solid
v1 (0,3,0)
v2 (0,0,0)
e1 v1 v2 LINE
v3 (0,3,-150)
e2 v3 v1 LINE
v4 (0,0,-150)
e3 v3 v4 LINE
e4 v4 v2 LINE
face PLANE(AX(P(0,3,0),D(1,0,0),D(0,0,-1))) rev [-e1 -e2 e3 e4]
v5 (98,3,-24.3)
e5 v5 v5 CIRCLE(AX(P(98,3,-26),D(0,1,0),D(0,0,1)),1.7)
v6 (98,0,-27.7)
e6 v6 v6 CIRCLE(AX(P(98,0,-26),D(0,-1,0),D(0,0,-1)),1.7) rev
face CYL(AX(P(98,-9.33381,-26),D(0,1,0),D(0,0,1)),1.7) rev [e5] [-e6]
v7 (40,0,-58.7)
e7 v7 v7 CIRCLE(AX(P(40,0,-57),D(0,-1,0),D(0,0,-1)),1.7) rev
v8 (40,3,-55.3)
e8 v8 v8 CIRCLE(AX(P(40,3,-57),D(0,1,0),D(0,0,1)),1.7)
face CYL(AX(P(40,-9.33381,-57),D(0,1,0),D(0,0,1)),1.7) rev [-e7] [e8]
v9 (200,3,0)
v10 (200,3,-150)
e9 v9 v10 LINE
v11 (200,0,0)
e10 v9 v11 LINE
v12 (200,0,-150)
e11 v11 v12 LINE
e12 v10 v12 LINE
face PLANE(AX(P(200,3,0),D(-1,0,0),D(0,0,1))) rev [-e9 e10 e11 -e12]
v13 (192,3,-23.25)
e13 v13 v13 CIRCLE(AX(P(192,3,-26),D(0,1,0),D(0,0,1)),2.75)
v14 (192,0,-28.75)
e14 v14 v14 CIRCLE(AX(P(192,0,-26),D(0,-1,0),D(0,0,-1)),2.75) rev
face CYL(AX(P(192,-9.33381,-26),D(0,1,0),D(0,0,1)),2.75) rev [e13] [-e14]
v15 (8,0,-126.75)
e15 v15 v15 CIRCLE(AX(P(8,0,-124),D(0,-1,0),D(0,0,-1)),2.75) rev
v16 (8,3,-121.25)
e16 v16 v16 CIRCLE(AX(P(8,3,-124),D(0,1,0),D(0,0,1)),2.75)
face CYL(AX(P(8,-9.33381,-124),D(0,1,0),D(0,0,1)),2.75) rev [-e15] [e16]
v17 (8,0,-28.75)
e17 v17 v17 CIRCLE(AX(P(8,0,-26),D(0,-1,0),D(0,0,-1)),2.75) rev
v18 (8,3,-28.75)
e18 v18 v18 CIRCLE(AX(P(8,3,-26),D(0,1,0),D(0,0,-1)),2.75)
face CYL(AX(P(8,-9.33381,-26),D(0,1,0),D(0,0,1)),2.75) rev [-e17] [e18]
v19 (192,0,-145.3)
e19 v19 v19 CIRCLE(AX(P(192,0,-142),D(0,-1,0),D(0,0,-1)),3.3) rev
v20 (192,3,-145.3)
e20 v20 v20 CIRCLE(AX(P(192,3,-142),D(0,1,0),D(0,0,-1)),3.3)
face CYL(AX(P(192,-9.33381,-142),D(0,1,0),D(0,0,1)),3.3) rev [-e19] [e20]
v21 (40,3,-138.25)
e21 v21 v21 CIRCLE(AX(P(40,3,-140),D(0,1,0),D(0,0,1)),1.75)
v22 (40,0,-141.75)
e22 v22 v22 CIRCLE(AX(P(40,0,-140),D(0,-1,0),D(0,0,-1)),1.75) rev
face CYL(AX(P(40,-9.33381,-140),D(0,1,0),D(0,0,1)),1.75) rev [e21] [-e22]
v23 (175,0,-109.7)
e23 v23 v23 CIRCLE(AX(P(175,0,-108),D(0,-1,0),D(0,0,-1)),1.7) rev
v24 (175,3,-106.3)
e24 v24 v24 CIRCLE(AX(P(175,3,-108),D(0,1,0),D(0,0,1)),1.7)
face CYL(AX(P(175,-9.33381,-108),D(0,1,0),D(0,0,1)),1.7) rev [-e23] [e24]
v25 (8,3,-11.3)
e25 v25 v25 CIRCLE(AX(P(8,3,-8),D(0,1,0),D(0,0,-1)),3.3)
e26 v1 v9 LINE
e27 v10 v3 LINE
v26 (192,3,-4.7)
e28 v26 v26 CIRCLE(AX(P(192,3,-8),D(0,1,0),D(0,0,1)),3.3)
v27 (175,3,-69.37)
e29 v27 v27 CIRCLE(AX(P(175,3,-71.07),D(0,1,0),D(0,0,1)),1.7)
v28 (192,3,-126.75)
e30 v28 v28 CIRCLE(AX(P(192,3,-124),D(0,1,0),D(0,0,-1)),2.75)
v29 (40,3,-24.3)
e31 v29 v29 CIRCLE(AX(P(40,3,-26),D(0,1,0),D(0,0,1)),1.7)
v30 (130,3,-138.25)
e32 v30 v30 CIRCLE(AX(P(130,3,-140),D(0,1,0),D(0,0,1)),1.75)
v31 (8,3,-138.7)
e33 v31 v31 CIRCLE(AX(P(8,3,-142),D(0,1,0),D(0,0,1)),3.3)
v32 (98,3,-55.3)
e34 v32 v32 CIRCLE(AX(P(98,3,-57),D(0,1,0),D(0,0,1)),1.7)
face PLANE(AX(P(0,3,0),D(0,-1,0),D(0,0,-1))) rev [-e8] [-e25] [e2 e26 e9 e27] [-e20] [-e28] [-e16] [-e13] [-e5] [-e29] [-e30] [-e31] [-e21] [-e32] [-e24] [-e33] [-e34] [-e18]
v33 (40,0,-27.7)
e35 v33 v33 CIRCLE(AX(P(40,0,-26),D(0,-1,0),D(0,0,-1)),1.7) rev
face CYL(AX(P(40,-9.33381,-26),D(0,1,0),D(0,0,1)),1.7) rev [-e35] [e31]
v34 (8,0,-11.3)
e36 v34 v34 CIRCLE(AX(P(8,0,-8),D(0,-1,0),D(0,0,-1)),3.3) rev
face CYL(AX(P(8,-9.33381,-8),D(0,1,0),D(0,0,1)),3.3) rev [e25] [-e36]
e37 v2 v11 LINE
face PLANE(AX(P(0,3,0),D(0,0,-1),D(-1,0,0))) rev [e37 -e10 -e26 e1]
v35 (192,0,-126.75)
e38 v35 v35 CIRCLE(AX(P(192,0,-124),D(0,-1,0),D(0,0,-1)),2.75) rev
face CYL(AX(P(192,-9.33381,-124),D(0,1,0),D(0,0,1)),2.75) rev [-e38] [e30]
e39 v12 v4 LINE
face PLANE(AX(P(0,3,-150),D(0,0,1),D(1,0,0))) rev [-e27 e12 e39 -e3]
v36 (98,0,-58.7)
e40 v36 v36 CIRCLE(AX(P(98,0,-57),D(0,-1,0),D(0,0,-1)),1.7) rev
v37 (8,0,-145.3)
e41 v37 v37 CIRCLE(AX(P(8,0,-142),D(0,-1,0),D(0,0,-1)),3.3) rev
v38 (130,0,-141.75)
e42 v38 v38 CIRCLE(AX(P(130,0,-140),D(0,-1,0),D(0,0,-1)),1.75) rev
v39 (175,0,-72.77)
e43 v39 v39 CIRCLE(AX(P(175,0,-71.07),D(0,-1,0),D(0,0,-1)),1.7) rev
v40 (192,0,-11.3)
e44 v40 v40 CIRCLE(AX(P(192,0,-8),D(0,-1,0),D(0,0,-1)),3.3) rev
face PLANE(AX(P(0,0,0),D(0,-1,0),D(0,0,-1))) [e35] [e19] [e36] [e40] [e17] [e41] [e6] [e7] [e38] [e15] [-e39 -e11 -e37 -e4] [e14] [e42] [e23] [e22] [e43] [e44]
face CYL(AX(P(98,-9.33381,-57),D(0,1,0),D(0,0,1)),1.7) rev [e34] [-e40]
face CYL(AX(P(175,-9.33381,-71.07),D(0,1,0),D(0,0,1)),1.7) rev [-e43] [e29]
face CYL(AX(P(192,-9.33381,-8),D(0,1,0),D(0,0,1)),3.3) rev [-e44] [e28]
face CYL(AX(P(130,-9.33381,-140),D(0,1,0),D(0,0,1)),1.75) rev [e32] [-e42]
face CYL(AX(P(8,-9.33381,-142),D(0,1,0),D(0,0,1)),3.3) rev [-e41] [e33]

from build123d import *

# Parameters (mm, degrees)
SKETCH1_W           = 200
SKETCH1_H           = 150
BOSS_EXTRUDE1_DEPTH = 3
SKETCH2_R           = 3.3
SKETCH2_R_2         = 1.7
SKETCH2_R_3         = 2.75
SKETCH2_R_4         = 1.75
CUT_EXTRUDE1_DEPTH  = 3


with BuildPart() as part:
    # Sketch1 → Boss-Extrude1 (new body)
    with BuildSketch(Plane(origin=(0, 0, 0), x_dir=(1, 0, 0), z_dir=(0, 1, 0))):
        with Locations((100, 75)):
            Rectangle(SKETCH1_W, SKETCH1_H)
    extrude(amount=BOSS_EXTRUDE1_DEPTH)

    # Sketch2 → Cut-Extrude1 (cut)
    with BuildSketch(Plane(origin=(0, 3, 0), x_dir=(1, 0, 0), z_dir=(0, 1, 0))):
        with Locations(Location((8, 142, 0), (0, 0, 270))):
            Circle(SKETCH2_R)
        with Locations(Location((8, 8, 0), (0, 0, 90))):
            Circle(SKETCH2_R)
        with Locations(Location((192, 8, 0), (0, 0, 270))):
            Circle(SKETCH2_R)
        with Locations(Location((192, 142, 0), (0, 0, 90))):
            Circle(SKETCH2_R)
        with Locations(Location((40, 57, 0), (0, 0, 270))):
            Circle(SKETCH2_R_2)
        with Locations(Location((98, 57, 0), (0, 0, 270))):
            Circle(SKETCH2_R_2)
        with Locations(Location((98, 26, 0), (0, 0, 270))):
            Circle(SKETCH2_R_2)
        with Locations(Location((40, 26, 0), (0, 0, 270))):
            Circle(SKETCH2_R_2)
        with Locations(Location((8, 124, 0), (0, 0, 270))):
            Circle(SKETCH2_R_3)
        with Locations(Location((8, 26, 0), (0, 0, 90))):
            Circle(SKETCH2_R_3)
        with Locations(Location((192, 26, 0), (0, 0, 270))):
            Circle(SKETCH2_R_3)
        with Locations(Location((192, 124, 0), (0, 0, 90))):
            Circle(SKETCH2_R_3)
        with Locations(Location((175, 108, 0), (0, 0, 270))):
            Circle(SKETCH2_R_2)
        with Locations(Location((175, 71.07, 0), (0, 0, 270))):
            Circle(SKETCH2_R_2)
        with Locations(Location((40, 140, 0), (0, 0, 270))):
            Circle(SKETCH2_R_4)
        with Locations(Location((130, 140, 0), (0, 0, 270))):
            Circle(SKETCH2_R_4)
    extrude(amount=-CUT_EXTRUDE1_DEPTH, mode=Mode.SUBTRACT)


solid = part.part
